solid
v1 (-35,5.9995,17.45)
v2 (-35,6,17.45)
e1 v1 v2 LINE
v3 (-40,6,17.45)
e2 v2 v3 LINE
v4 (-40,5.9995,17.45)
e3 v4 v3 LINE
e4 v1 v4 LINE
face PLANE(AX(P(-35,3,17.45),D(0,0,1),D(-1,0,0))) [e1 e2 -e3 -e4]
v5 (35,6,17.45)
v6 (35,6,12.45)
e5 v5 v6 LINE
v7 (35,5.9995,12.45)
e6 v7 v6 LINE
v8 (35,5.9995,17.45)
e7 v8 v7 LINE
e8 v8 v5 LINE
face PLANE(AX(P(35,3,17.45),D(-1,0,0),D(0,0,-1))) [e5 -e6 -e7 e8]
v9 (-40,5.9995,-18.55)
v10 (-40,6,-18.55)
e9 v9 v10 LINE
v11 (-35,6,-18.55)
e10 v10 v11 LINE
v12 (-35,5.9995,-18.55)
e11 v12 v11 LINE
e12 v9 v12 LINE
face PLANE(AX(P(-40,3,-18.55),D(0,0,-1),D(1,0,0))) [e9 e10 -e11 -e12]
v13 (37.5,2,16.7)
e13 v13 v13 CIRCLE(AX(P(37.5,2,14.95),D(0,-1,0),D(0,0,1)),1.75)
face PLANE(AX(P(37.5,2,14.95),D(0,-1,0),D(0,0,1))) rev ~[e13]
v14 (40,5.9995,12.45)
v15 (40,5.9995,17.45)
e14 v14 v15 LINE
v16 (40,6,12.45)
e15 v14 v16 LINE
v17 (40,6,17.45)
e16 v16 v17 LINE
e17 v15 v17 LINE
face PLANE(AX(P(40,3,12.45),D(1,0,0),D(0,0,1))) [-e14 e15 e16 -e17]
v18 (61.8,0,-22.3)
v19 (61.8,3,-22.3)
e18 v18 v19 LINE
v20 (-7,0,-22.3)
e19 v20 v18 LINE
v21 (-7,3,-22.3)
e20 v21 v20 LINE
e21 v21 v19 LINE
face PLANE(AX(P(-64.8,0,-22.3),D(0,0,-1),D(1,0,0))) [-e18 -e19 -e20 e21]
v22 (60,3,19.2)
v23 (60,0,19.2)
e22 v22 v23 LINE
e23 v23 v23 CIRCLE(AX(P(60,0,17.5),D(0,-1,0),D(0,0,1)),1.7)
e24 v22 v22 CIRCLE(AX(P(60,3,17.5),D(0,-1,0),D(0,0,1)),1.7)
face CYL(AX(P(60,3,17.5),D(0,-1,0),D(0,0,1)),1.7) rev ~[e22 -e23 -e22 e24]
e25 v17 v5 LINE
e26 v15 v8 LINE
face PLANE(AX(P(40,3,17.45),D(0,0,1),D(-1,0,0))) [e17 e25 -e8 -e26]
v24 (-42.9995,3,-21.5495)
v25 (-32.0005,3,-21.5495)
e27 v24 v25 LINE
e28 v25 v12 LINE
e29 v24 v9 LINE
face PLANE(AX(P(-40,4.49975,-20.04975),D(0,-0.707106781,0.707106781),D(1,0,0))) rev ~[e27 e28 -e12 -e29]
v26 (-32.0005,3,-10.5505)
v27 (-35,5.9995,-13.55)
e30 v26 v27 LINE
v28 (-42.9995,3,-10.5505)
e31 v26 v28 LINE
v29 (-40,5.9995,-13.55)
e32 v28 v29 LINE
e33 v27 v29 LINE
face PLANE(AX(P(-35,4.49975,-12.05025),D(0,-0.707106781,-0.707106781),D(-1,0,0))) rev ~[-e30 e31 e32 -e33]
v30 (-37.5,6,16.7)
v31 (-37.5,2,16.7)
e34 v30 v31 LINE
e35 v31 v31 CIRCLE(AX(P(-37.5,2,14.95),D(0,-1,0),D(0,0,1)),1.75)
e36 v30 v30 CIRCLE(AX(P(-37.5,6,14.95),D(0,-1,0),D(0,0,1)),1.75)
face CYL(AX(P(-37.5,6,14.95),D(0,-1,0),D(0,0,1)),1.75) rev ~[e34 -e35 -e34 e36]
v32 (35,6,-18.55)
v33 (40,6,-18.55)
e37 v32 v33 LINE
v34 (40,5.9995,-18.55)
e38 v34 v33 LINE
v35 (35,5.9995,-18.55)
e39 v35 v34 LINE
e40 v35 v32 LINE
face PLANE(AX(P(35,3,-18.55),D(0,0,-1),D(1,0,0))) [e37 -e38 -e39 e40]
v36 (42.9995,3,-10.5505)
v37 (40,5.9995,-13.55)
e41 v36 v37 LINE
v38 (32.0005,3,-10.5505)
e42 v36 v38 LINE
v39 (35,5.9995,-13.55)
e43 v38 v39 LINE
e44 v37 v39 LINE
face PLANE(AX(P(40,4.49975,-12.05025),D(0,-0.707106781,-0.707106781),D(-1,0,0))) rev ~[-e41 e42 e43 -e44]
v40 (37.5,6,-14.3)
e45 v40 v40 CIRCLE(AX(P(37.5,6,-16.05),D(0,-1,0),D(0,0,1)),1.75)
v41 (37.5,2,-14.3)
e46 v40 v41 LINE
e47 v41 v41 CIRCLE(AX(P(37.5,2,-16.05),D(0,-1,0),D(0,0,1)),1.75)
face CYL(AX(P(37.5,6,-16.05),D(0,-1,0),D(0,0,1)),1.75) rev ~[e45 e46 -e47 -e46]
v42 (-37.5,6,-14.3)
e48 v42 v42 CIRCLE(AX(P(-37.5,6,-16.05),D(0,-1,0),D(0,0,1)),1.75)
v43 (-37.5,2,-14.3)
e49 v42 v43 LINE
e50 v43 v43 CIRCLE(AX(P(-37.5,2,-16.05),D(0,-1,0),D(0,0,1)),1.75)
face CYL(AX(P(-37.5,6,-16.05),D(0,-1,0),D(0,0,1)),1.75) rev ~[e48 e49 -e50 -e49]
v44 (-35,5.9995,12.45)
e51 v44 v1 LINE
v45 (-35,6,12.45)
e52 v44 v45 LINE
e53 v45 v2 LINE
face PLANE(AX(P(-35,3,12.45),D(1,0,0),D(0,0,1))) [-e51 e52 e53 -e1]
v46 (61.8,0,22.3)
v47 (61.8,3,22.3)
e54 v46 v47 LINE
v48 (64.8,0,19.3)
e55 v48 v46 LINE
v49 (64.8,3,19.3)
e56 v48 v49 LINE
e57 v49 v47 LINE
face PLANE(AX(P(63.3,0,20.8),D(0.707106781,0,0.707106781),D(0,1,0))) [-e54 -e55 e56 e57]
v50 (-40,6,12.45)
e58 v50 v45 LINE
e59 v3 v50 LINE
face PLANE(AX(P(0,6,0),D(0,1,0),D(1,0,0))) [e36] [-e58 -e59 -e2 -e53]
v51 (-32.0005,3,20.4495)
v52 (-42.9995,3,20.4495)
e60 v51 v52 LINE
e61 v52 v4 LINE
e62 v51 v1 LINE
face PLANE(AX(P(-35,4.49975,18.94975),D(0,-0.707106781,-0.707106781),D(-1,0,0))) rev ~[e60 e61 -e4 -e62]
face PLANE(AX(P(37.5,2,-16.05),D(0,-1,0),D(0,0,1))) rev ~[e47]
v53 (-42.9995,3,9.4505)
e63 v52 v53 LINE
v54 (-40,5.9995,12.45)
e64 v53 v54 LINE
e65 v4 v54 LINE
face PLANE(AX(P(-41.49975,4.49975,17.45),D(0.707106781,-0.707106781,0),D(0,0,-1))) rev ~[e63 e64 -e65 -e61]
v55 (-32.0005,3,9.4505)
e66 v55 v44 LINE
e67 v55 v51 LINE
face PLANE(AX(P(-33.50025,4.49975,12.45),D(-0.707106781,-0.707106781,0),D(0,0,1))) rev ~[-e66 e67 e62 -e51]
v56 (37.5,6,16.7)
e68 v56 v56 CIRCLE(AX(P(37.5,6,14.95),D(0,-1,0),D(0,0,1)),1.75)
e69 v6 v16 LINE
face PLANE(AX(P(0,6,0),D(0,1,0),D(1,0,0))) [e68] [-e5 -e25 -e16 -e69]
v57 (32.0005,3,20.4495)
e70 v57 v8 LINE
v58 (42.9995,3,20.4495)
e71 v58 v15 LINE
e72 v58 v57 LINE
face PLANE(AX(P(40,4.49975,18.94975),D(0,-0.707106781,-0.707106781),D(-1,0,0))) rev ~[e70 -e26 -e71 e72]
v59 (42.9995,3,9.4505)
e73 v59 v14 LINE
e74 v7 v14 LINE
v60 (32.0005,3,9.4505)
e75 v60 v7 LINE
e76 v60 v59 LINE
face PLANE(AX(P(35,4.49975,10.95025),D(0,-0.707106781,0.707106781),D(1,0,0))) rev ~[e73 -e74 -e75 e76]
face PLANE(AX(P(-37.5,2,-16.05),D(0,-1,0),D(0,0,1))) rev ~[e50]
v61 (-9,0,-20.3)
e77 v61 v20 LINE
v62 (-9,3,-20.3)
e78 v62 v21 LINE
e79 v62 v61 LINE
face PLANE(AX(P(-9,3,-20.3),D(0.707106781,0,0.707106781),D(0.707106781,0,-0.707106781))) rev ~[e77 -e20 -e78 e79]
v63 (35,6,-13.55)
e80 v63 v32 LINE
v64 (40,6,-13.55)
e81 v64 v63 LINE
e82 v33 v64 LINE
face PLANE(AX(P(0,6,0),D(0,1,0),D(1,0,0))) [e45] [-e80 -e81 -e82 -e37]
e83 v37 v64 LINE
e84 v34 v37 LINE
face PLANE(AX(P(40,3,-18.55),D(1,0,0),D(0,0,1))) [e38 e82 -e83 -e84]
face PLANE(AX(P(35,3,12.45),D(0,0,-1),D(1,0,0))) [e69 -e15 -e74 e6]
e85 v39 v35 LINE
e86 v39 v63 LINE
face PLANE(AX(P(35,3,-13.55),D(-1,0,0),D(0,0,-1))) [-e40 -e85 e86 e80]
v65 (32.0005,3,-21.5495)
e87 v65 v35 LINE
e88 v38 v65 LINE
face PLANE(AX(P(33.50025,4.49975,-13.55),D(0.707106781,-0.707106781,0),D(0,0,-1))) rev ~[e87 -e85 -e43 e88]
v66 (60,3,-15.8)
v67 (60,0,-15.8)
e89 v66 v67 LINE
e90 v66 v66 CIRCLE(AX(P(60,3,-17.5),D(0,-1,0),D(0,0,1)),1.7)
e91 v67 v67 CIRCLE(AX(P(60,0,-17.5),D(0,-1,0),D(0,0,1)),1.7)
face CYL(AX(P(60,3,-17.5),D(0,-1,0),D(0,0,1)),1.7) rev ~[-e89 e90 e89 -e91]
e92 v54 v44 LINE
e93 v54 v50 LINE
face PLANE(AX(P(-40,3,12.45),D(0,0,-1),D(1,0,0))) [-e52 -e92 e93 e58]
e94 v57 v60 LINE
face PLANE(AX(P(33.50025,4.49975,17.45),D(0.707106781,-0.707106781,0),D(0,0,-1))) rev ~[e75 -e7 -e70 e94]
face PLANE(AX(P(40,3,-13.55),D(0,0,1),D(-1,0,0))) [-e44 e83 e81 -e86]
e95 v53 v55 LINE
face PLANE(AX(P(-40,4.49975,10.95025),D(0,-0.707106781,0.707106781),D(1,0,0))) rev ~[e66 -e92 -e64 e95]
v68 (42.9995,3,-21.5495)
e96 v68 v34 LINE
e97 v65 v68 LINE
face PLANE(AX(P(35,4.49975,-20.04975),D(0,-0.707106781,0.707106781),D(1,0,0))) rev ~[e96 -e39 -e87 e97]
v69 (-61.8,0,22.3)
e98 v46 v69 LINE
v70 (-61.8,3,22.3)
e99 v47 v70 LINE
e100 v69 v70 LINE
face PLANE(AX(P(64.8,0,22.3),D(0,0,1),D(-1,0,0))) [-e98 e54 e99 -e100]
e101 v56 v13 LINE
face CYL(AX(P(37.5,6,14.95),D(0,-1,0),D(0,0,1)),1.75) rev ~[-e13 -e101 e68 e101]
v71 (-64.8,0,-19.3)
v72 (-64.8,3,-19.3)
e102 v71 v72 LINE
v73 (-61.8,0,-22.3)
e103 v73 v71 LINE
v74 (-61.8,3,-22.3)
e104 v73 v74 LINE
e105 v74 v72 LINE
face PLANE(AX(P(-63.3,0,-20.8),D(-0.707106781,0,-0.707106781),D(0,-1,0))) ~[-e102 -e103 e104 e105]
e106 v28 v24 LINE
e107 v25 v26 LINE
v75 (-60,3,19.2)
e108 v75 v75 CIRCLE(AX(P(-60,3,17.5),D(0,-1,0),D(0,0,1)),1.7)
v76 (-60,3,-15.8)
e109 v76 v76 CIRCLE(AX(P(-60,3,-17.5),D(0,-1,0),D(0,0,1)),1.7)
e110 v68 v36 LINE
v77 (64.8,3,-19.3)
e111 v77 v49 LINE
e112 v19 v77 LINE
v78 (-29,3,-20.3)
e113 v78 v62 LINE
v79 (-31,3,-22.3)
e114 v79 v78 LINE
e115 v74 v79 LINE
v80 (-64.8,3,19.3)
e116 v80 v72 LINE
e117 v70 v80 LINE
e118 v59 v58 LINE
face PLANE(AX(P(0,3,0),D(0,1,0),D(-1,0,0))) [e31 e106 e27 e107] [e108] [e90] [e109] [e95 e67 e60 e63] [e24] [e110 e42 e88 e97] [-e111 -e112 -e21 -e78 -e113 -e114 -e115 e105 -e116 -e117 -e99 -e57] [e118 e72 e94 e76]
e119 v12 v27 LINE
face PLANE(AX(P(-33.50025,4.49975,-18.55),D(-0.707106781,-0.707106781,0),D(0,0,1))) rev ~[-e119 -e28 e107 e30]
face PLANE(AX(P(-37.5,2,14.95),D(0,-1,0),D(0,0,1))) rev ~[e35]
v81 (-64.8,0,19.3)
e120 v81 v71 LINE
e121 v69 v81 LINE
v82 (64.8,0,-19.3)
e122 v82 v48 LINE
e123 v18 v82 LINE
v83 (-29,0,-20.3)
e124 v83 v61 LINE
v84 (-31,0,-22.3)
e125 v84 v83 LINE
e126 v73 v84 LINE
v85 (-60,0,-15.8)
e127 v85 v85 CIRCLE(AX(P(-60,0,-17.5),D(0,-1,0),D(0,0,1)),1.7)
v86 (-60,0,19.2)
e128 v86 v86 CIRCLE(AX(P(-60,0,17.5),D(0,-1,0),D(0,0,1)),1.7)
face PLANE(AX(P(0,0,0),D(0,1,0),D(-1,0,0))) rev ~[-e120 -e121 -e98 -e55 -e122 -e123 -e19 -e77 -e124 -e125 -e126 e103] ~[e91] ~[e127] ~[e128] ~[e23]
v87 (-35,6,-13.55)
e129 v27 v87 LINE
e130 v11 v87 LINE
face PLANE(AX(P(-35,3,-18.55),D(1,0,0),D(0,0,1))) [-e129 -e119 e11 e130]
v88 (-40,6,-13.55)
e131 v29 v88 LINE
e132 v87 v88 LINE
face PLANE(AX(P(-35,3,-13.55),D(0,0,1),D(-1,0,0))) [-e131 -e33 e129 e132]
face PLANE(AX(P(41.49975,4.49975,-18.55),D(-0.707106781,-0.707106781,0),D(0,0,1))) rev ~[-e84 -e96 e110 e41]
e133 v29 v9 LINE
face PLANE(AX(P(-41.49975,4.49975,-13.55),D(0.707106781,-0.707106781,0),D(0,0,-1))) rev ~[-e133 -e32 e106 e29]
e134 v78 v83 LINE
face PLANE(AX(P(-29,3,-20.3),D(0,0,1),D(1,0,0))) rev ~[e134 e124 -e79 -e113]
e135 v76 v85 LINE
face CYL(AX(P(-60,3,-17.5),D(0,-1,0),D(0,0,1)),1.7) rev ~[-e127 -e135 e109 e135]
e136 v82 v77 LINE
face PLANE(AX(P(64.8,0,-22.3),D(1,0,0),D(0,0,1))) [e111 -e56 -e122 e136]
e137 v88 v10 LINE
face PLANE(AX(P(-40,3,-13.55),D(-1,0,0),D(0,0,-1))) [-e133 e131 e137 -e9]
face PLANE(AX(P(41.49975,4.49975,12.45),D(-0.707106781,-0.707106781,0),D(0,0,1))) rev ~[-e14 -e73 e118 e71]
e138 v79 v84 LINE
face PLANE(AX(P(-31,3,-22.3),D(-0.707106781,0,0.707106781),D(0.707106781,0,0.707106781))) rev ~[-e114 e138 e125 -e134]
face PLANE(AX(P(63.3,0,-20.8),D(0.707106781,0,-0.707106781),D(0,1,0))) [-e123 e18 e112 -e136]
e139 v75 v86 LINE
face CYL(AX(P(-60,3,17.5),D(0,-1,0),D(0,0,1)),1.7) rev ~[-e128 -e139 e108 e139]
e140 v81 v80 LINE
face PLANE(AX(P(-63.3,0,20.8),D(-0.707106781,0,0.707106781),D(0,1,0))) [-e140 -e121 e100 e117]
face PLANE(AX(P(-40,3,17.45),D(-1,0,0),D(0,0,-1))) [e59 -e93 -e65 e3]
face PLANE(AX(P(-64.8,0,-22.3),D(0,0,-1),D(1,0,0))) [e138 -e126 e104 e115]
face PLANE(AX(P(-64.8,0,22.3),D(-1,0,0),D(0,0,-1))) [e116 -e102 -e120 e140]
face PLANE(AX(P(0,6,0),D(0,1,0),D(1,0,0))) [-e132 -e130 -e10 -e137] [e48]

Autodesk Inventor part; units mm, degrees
ref_plane "YZ Plane" through (0, 0, 0) normal (1, 0, 0) x (0, 1, 0)
ref_plane "XZ Plane" through (0, 0, 0) normal (0, 1, 0) x (-1, 0, 0)
ref_plane "XY Plane" through (0, 0, 0) normal (0, 0, 1) x (1, 0, 0)
sketch "Sketch1" plane through (0, 0, 0) normal (0, 1, 0) x (-1, 0, 0)
  line L0 (64.8, -22.3) -> (-64.8, -22.3)
  line L1 (-64.8, -22.3) -> (-64.8, 22.3)
  line L2 (-64.8, 22.3) -> (64.8, 22.3)
  line L3 (64.8, 22.3) -> (64.8, -22.3)
  point P0 (0, 0)
  point P1 (64.8, 0)
  point P2 (0, -22.3)
  dimension "d0" = 129.6
  dimension "d1" = 44.6
extrude "Extrusion1" add sketch "Sketch1" along normal blind 3
sketch "Sketch2" plane through (0, 3, 0) normal (0, 1, 0) x (1, 0, 0)
  line L0 (-64.8, -22.3) -> (64.8, -22.3) construction
  line L1 (64.8, -22.3) -> (64.8, 22.3) construction
  line L2 (64.8, 22.3) -> (-64.8, 22.3) construction
  line L3 (-64.8, 22.3) -> (-64.8, -22.3) construction
  line L4 (-40, 18.55) -> (40, 18.55) construction
  line L5 (40, 18.55) -> (40, -17.45) construction
  line L6 (40, -17.45) -> (-40, -17.45) construction
  line L7 (-40, -17.45) -> (-40, 18.55) construction
  circle A0 centre (-37.5, 16.05) radius 1.25 construction
  circle A1 centre (37.5, 16.05) radius 1.25 construction
  circle A2 centre (37.5, -14.95) radius 1.25 construction
  circle A3 centre (-37.5, -14.95) radius 1.25 construction
  line L8 (-37.5, 12.5) -> (37.5, 12.5) construction
  line L9 (37.5, 12.5) -> (37.5, -12.5) construction
  line L10 (37.5, -12.5) -> (-37.5, -12.5) construction
  line L11 (-37.5, -12.5) -> (-37.5, 12.5) construction
  line L12 (-40, 18.55) -> (-35, 18.55)
  line L13 (-35, 18.55) -> (-35, 13.55)
  line L14 (-35, 13.55) -> (-40, 13.55)
  line L15 (-40, 13.55) -> (-40, 18.55)
  line L16 (-40, 18.55) -> (-35, 13.55) construction
  line L17 (-35, 18.55) -> (-40, 13.55) construction
  line L18 (35, 18.55) -> (40, 18.55)
  line L19 (40, 18.55) -> (40, 13.55)
  line L20 (40, 13.55) -> (35, 13.55)
  line L21 (35, 13.55) -> (35, 18.55)
  line L22 (35, 18.55) -> (40, 13.55) construction
  line L23 (40, 18.55) -> (35, 13.55) construction
  line L24 (35, -12.45) -> (40, -12.45)
  line L25 (40, -12.45) -> (40, -17.45)
  line L26 (40, -17.45) -> (35, -17.45)
  line L27 (35, -17.45) -> (35, -12.45)
  line L28 (35, -12.45) -> (40, -17.45) construction
  line L29 (40, -12.45) -> (35, -17.45) construction
  line L30 (-40, -12.45) -> (-35, -12.45)
  line L31 (-35, -12.45) -> (-35, -17.45)
  line L32 (-35, -17.45) -> (-40, -17.45)
  line L33 (-40, -17.45) -> (-40, -12.45)
  line L34 (-40, -12.45) -> (-35, -17.45) construction
  line L35 (-35, -12.45) -> (-40, -17.45) construction
  point P0 (0, 0)
  point P1 (0, 12.5)
  point P2 (0, 22.3)
  dimension "d4" = 80
  dimension "d5" = 36
  dimension "d6" = 2.5
  dimension "d7" = 2.5
  dimension "d8" = 2.5
  dimension "d9" = 2.5
  dimension "d10" = 2.5
  dimension "d12" = 75
  dimension "d13" = 25
  dimension "d14" = 2.5
  dimension "d15" = 4.95
  dimension "d16" = 9.8
  dimension "d17" = 5
extrude "Extrusion2" add sketch "Sketch2" along normal blind 3
sketch "Sketch3" plane through (0, 6, 0) normal (0, 1, 0) x (1, 0, 0)
  line L0 (-35, 18.55) -> (-40, 13.55) construction
  point P0 (0, 0)
  point P1 (-37.5, -14.95)
  point P2 (-37.5, 16.05)
  point P3 (37.5, 16.05)
  point P4 (37.5, -14.95)
hole "Hole1" at (-37.5, 6, 14.95) at (-37.5, 6, -16.05) at (37.5, 6, -16.05) at (37.5, 6, 14.95) direction (0, -1, 0) diameter 3.5 depth 4
chamfer "Chamfer1" distance 3 angle 45 16 edges at (-37.5, 3, -13.55) (-40, 3, -16.05) (-37.5, 3, -18.55) (-35, 3, -16.05) (-37.5, 3, 12.45) (-40, 3, 14.95) (-37.5, 3, 17.45) (-35, 3, 14.95) (37.5, 3, -13.55) (35, 3, -16.05) (37.5, 3, -18.55) (40, 3, -16.05) (37.5, 3, 12.45) (35, 3, 14.95) (37.5, 3, 17.45) (40, 3, 14.95)
sketch "Sketch4" plane through (0, 3, 0) normal (0, 1, 0) x (1, 0, 0)
  line L0 (43, 10.55) -> (43, 21.55) construction
  line L1 (32, 10.55) -> (43, 10.55) construction
  line L2 (32, 21.55) -> (32, 10.55) construction
  line L3 (43, 21.55) -> (32, 21.55) construction
  line L4 (-32, 10.55) -> (-32, 21.55) construction
  line L5 (-43, 10.55) -> (-32, 10.55) construction
  line L6 (-43, 21.55) -> (-43, 10.55) construction
  line L7 (-32, 21.55) -> (-43, 21.55) construction
  line L8 (-64.8, -22.3) -> (64.8, -22.3) construction
  line L9 (64.8, -22.3) -> (64.8, 22.3) construction
  line L10 (64.8, 22.3) -> (-64.8, 22.3) construction
  line L11 (-64.8, 22.3) -> (-64.8, -22.3) construction
  line L12 (-43, -9.45) -> (-43, -20.45) construction
  line L13 (-32, -9.45) -> (-43, -9.45) construction
  line L14 (-32, -20.45) -> (-32, -9.45) construction
  line L15 (-43, -20.45) -> (-32, -20.45) construction
  line L16 (32, -9.45) -> (32, -20.45) construction
  line L17 (43, -9.45) -> (32, -9.45) construction
  line L18 (43, -20.45) -> (43, -9.45) construction
  line L19 (32, -20.45) -> (43, -20.45) construction
  line L20 (64.8, 22.3) -> (-64.8, 22.3) construction
  line L21 (-31, 22.3) -> (-29, 20.3)
  line L22 (-29, 20.3) -> (-9, 20.3)
  line L23 (-9, 20.3) -> (-7, 22.3)
  line L24 (-31, 22.3) -> (-7, 22.3)
  point P0 (0, 0)
  dimension "d31" = 2
  dimension "d32" = 20
  dimension "d33" = 135
  dimension "d34" = 135
  dimension "d35" = 1
extrude "Extrusion3" cut sketch "Sketch4" against normal blind 3
chamfer "Chamfer2" distance 3 angle 45 4 edges at (-64.8, 1.5, -22.3) (-64.8, 1.5, 22.3) (64.8, 1.5, 22.3) (64.8, 1.5, -22.3)
sketch "Sketch5" plane through (0, 3, 0) normal (0, 1, 0) x (1, 0, 0)
  line L0 (43, 10.55) -> (43, 21.55) construction
  line L1 (32, 10.55) -> (43, 10.55) construction
  line L2 (32, 21.55) -> (32, 10.55) construction
  line L3 (43, 21.55) -> (32, 21.55) construction
  line L4 (-32, 10.55) -> (-32, 21.55) construction
  line L5 (-43, 10.55) -> (-32, 10.55) construction
  line L6 (-43, 21.55) -> (-43, 10.55) construction
  line L7 (-32, 21.55) -> (-43, 21.55) construction
  line L8 (-43, -9.45) -> (-43, -20.45) construction
  line L9 (-32, -9.45) -> (-43, -9.45) construction
  line L10 (-32, -20.45) -> (-32, -9.45) construction
  line L11 (-43, -20.45) -> (-32, -20.45) construction
  line L12 (32, -9.45) -> (32, -20.45) construction
  line L13 (43, -9.45) -> (32, -9.45) construction
  line L14 (43, -20.45) -> (43, -9.45) construction
  line L15 (32, -20.45) -> (43, -20.45) construction
  line L16 (61.8, 22.3) -> (64.8, 19.3) construction
  line L17 (61.8, 22.3) -> (-7, 22.3) construction
  line L18 (-7, 22.3) -> (-9, 20.3) construction
  line L19 (-9, 20.3) -> (-29, 20.3) construction
  line L20 (-29, 20.3) -> (-31, 22.3) construction
  line L21 (-31, 22.3) -> (-61.8, 22.3) construction
  line L22 (-64.8, 19.3) -> (-61.8, 22.3) construction
  line L23 (-64.8, 19.3) -> (-64.8, -19.3) construction
  line L24 (-61.8, -22.3) -> (-64.8, -19.3) construction
  line L25 (-61.8, -22.3) -> (61.8, -22.3) construction
  line L26 (64.8, -19.3) -> (61.8, -22.3) construction
  line L27 (64.8, -19.3) -> (64.8, 19.3) construction
  point P0 (0, 0)
  point P1 (-60, 17.5)
  point P2 (-60, -17.5)
  point P3 (60, -17.5)
  point P4 (60, 17.5)
  dimension "d49" = 4.8
  dimension "d50" = 4.8
  dimension "d51" = 4.8
  dimension "d52" = 4.8
hole "Hole2" at (-60, 3, -17.5) at (-60, 3, 17.5) at (60, 3, 17.5) at (60, 3, -17.5) direction (0, -1, 0) diameter 3.4 depth 4 clearance for "Hex Head Cap Screw ISO 24017" size "M3" standard "ISO"
equation "\"d8\" = d7"
equation "\"d9\" = d7"
equation "\"d10\" = d7"
equation "\"d34\" = d33"
equation "\"d49\" = d50"
equation "\"d51\" = d50"
equation "\"d52\" = d50"
properties part number "VFD_Mount"
